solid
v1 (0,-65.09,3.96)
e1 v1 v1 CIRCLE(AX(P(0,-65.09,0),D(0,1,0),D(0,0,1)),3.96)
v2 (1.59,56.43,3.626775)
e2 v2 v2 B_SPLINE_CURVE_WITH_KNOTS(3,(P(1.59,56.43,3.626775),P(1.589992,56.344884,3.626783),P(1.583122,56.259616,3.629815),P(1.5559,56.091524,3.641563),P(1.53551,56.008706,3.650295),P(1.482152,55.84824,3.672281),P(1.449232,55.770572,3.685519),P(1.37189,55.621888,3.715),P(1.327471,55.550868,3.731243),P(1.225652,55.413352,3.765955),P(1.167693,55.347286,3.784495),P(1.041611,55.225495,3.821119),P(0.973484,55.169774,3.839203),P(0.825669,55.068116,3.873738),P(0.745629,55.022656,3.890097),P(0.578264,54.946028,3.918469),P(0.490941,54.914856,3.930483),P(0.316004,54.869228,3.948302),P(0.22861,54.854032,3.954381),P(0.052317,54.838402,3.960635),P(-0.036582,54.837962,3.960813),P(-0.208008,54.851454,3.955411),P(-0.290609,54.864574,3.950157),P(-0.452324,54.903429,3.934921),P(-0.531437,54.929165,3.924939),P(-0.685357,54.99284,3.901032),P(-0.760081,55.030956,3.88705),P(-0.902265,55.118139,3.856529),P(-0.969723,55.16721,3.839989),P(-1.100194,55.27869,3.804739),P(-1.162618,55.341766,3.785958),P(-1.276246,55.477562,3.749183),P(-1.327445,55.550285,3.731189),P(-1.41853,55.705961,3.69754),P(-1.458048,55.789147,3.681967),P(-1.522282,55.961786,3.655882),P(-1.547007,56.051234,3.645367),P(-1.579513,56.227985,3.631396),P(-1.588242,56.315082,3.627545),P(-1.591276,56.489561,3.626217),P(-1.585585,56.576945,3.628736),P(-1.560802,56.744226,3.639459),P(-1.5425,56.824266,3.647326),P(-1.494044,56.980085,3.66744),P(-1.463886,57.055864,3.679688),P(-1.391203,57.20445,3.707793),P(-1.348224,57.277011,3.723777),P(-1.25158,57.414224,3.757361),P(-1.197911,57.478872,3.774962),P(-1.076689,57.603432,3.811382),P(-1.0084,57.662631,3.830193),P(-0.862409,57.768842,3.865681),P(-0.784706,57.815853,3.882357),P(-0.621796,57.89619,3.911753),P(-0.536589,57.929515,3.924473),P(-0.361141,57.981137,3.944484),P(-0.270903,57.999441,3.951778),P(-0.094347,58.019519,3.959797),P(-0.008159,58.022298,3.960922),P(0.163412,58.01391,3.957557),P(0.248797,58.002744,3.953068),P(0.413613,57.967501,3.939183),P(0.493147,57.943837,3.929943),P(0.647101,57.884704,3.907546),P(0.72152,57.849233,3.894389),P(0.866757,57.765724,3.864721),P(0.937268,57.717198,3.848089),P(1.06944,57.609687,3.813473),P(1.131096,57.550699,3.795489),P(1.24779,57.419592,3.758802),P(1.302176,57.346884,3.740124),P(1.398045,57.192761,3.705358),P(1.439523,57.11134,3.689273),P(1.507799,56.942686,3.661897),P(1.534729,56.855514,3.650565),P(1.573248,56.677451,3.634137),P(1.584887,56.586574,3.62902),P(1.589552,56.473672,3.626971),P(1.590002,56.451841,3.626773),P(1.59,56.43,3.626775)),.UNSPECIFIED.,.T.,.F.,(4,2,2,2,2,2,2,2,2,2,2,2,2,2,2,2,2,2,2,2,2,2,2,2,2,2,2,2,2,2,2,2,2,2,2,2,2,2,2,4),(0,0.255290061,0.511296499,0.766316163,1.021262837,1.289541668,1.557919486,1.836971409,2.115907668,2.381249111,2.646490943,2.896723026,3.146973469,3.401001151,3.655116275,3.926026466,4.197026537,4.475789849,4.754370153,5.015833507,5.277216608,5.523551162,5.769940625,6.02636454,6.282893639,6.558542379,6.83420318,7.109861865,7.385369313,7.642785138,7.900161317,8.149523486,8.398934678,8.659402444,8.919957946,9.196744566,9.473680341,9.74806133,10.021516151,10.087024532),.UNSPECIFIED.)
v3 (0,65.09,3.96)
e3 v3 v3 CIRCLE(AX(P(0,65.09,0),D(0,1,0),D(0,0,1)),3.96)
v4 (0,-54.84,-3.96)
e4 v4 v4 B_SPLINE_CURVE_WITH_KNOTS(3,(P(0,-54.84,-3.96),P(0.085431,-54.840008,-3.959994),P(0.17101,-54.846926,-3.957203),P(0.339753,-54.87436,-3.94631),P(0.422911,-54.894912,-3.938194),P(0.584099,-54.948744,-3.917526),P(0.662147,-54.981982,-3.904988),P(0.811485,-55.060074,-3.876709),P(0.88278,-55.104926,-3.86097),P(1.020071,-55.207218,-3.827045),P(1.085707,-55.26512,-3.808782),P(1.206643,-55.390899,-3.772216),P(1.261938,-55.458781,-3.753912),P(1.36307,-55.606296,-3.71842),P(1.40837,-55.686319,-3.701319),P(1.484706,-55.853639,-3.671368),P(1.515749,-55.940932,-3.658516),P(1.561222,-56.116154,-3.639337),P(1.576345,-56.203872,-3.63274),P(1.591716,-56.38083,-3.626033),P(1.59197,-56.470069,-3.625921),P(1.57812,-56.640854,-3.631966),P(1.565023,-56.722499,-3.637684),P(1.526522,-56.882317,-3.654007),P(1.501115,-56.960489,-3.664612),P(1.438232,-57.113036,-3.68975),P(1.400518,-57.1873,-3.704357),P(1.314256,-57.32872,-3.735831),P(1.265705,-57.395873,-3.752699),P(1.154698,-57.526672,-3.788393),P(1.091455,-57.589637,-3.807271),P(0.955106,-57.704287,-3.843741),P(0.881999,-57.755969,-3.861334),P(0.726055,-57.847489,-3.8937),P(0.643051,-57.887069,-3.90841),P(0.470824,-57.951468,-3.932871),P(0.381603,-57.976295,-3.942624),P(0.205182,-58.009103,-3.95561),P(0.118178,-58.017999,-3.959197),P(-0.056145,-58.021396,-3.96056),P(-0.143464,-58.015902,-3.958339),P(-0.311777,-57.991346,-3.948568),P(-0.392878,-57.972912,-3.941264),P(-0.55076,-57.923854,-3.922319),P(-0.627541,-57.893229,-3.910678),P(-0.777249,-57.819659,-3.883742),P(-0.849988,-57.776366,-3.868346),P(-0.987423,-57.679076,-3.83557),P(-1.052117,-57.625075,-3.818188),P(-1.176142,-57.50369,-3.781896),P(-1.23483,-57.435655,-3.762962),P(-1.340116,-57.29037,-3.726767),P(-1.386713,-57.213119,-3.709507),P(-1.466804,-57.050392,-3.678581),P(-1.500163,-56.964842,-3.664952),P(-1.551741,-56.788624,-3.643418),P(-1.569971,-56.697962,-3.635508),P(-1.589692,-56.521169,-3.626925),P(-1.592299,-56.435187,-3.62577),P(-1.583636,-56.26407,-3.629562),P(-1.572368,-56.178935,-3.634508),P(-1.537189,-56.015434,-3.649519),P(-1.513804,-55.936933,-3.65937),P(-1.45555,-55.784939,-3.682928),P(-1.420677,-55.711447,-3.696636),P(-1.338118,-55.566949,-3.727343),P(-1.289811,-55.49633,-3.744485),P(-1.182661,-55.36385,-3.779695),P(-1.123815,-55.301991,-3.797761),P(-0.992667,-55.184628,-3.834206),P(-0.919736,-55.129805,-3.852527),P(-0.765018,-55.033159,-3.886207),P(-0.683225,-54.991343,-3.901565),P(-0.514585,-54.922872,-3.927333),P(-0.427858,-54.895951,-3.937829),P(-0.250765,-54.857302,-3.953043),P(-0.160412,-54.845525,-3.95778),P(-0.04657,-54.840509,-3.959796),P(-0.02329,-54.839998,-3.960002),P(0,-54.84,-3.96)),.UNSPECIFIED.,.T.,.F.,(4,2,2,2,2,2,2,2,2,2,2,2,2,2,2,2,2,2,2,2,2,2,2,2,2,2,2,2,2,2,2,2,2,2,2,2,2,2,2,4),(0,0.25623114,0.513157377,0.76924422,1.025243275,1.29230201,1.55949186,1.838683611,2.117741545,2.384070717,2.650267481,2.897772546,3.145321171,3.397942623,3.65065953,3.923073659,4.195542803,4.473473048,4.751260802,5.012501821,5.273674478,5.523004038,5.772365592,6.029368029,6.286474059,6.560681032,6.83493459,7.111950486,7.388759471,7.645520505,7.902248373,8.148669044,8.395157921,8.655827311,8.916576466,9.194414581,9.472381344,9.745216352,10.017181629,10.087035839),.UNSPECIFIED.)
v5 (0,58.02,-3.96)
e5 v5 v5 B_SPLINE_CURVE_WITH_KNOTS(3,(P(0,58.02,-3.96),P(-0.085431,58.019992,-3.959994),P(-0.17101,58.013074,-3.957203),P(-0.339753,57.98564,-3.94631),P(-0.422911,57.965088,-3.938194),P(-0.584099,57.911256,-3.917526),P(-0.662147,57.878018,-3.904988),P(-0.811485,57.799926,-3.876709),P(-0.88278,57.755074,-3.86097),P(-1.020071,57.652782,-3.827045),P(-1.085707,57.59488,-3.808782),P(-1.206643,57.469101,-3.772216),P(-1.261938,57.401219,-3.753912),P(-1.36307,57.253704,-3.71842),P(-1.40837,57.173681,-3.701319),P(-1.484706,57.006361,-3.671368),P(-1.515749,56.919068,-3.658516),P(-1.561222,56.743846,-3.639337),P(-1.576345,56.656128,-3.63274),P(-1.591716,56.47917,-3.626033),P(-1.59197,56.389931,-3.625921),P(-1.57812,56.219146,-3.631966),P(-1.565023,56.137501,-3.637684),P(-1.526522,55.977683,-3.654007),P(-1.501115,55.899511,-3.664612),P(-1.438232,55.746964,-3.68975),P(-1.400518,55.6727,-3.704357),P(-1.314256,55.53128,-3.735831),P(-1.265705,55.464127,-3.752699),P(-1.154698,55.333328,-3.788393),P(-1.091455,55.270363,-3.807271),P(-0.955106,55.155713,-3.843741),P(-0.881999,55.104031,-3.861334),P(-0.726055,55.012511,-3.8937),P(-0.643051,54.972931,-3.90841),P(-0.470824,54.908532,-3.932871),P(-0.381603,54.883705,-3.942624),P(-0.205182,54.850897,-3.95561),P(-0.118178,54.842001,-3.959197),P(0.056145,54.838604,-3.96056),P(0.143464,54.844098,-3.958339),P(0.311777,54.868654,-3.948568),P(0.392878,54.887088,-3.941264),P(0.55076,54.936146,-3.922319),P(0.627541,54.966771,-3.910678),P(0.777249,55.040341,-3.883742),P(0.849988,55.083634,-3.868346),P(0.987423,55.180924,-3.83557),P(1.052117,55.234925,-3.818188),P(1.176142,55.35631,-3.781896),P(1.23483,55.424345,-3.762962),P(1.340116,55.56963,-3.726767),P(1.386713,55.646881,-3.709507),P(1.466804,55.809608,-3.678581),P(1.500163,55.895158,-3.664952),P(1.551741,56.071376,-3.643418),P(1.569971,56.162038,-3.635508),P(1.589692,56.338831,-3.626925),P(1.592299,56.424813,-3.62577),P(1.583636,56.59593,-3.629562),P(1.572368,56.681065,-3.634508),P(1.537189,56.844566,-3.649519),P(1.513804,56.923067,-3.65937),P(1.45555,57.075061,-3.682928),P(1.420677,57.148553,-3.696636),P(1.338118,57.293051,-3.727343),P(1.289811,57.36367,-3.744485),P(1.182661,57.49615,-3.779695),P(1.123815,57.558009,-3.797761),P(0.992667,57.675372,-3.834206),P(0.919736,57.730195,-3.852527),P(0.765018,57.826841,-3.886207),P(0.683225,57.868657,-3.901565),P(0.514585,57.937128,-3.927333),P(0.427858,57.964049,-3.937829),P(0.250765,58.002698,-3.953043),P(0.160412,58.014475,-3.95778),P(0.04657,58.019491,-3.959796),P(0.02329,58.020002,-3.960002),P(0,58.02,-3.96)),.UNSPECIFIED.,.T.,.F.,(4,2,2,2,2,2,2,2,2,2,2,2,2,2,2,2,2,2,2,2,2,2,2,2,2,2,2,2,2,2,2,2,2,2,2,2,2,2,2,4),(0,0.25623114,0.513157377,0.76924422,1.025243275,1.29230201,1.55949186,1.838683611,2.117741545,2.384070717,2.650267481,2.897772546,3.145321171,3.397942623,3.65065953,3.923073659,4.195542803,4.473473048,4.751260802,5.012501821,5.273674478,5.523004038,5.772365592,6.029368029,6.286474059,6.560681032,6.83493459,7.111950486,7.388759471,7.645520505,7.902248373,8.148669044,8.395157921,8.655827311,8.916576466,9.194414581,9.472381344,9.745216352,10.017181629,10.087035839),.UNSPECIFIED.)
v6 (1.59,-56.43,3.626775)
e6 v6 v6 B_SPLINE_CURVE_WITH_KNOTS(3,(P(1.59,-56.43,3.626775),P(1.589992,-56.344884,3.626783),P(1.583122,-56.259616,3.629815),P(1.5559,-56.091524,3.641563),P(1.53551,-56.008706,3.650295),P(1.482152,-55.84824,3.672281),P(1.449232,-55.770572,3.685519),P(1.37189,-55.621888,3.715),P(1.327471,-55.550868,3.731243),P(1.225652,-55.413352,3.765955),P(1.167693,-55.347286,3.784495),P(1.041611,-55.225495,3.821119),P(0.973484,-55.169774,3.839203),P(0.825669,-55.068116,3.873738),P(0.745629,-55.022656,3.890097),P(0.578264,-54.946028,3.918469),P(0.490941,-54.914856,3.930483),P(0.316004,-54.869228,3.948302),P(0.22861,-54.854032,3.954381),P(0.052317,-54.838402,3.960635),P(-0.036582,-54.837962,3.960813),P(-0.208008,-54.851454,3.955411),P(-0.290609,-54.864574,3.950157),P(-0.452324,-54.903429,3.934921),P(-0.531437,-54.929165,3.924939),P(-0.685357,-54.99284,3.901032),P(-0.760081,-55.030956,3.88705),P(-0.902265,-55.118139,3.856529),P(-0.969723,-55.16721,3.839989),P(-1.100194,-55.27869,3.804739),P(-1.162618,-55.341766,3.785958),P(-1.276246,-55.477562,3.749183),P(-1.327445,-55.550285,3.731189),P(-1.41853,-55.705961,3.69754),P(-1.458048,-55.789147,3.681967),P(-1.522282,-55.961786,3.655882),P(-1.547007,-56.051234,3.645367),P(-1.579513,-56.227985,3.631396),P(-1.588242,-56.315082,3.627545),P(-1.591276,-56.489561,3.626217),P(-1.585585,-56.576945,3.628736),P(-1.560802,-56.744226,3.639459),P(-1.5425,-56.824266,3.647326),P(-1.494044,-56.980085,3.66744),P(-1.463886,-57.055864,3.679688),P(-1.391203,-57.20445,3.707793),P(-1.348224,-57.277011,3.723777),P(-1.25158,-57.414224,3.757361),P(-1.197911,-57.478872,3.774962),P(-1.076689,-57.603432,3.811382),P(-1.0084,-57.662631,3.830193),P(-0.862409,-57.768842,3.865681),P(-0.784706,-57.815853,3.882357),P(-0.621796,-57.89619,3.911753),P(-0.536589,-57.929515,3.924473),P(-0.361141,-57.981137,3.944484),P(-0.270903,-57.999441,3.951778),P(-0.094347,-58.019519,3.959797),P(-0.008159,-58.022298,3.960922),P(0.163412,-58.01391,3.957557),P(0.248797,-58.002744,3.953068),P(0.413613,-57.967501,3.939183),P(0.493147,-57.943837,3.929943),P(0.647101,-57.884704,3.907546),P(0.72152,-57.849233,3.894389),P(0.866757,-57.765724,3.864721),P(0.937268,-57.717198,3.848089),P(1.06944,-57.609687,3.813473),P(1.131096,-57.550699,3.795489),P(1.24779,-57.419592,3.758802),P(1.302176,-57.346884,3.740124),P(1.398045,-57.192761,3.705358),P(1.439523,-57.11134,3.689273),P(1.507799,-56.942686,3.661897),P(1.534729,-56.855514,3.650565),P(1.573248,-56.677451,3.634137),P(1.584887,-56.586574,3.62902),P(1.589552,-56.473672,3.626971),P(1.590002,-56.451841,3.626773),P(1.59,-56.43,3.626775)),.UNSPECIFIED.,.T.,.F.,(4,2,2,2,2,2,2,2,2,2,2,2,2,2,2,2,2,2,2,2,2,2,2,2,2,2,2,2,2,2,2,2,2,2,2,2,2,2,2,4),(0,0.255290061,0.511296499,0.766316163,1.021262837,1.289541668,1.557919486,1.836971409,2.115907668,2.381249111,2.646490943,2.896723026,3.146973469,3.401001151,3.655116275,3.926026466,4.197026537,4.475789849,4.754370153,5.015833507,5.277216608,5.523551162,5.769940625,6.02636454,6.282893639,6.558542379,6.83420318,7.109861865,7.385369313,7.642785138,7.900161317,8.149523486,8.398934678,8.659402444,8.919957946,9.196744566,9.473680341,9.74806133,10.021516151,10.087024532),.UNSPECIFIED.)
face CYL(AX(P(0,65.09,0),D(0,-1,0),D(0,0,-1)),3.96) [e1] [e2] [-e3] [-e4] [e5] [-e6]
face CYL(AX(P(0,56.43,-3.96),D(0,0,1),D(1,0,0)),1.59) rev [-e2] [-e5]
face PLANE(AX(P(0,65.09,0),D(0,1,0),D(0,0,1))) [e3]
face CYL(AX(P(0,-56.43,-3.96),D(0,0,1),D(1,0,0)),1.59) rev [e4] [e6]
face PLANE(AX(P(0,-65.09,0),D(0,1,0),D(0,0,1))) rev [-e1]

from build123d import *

# Parameters (mm, degrees)
SKETCH1_R           = 3.96
BOSS_EXTRUDE1_DEPTH = 65.09
SKETCH2_R           = 1.59
CUT_EXTRUDE1_DEPTH  = 66.330477574


with BuildPart() as part:
    # Sketch1 → Boss-Extrude1 (new, symmetric)
    with BuildSketch(Plane(origin=(0, 0, 0), x_dir=(1, 0, 0), z_dir=(0, 1, 0))):
        Circle(SKETCH1_R)
    extrude(amount=BOSS_EXTRUDE1_DEPTH, both=True)

    # Sketch2 → Cut-Extrude1 (cut, symmetric)
    with BuildSketch(Plane.XY):
        with Locations((0, 56.43)):
            Circle(SKETCH2_R)
    cut_extrude1 = extrude(amount=CUT_EXTRUDE1_DEPTH, both=True, mode=Mode.SUBTRACT)

    # Mirror1: Cut-Extrude1 across plane
    add(cut_extrude1.mirror(Plane.ZX), mode=Mode.SUBTRACT)


solid = part.part
